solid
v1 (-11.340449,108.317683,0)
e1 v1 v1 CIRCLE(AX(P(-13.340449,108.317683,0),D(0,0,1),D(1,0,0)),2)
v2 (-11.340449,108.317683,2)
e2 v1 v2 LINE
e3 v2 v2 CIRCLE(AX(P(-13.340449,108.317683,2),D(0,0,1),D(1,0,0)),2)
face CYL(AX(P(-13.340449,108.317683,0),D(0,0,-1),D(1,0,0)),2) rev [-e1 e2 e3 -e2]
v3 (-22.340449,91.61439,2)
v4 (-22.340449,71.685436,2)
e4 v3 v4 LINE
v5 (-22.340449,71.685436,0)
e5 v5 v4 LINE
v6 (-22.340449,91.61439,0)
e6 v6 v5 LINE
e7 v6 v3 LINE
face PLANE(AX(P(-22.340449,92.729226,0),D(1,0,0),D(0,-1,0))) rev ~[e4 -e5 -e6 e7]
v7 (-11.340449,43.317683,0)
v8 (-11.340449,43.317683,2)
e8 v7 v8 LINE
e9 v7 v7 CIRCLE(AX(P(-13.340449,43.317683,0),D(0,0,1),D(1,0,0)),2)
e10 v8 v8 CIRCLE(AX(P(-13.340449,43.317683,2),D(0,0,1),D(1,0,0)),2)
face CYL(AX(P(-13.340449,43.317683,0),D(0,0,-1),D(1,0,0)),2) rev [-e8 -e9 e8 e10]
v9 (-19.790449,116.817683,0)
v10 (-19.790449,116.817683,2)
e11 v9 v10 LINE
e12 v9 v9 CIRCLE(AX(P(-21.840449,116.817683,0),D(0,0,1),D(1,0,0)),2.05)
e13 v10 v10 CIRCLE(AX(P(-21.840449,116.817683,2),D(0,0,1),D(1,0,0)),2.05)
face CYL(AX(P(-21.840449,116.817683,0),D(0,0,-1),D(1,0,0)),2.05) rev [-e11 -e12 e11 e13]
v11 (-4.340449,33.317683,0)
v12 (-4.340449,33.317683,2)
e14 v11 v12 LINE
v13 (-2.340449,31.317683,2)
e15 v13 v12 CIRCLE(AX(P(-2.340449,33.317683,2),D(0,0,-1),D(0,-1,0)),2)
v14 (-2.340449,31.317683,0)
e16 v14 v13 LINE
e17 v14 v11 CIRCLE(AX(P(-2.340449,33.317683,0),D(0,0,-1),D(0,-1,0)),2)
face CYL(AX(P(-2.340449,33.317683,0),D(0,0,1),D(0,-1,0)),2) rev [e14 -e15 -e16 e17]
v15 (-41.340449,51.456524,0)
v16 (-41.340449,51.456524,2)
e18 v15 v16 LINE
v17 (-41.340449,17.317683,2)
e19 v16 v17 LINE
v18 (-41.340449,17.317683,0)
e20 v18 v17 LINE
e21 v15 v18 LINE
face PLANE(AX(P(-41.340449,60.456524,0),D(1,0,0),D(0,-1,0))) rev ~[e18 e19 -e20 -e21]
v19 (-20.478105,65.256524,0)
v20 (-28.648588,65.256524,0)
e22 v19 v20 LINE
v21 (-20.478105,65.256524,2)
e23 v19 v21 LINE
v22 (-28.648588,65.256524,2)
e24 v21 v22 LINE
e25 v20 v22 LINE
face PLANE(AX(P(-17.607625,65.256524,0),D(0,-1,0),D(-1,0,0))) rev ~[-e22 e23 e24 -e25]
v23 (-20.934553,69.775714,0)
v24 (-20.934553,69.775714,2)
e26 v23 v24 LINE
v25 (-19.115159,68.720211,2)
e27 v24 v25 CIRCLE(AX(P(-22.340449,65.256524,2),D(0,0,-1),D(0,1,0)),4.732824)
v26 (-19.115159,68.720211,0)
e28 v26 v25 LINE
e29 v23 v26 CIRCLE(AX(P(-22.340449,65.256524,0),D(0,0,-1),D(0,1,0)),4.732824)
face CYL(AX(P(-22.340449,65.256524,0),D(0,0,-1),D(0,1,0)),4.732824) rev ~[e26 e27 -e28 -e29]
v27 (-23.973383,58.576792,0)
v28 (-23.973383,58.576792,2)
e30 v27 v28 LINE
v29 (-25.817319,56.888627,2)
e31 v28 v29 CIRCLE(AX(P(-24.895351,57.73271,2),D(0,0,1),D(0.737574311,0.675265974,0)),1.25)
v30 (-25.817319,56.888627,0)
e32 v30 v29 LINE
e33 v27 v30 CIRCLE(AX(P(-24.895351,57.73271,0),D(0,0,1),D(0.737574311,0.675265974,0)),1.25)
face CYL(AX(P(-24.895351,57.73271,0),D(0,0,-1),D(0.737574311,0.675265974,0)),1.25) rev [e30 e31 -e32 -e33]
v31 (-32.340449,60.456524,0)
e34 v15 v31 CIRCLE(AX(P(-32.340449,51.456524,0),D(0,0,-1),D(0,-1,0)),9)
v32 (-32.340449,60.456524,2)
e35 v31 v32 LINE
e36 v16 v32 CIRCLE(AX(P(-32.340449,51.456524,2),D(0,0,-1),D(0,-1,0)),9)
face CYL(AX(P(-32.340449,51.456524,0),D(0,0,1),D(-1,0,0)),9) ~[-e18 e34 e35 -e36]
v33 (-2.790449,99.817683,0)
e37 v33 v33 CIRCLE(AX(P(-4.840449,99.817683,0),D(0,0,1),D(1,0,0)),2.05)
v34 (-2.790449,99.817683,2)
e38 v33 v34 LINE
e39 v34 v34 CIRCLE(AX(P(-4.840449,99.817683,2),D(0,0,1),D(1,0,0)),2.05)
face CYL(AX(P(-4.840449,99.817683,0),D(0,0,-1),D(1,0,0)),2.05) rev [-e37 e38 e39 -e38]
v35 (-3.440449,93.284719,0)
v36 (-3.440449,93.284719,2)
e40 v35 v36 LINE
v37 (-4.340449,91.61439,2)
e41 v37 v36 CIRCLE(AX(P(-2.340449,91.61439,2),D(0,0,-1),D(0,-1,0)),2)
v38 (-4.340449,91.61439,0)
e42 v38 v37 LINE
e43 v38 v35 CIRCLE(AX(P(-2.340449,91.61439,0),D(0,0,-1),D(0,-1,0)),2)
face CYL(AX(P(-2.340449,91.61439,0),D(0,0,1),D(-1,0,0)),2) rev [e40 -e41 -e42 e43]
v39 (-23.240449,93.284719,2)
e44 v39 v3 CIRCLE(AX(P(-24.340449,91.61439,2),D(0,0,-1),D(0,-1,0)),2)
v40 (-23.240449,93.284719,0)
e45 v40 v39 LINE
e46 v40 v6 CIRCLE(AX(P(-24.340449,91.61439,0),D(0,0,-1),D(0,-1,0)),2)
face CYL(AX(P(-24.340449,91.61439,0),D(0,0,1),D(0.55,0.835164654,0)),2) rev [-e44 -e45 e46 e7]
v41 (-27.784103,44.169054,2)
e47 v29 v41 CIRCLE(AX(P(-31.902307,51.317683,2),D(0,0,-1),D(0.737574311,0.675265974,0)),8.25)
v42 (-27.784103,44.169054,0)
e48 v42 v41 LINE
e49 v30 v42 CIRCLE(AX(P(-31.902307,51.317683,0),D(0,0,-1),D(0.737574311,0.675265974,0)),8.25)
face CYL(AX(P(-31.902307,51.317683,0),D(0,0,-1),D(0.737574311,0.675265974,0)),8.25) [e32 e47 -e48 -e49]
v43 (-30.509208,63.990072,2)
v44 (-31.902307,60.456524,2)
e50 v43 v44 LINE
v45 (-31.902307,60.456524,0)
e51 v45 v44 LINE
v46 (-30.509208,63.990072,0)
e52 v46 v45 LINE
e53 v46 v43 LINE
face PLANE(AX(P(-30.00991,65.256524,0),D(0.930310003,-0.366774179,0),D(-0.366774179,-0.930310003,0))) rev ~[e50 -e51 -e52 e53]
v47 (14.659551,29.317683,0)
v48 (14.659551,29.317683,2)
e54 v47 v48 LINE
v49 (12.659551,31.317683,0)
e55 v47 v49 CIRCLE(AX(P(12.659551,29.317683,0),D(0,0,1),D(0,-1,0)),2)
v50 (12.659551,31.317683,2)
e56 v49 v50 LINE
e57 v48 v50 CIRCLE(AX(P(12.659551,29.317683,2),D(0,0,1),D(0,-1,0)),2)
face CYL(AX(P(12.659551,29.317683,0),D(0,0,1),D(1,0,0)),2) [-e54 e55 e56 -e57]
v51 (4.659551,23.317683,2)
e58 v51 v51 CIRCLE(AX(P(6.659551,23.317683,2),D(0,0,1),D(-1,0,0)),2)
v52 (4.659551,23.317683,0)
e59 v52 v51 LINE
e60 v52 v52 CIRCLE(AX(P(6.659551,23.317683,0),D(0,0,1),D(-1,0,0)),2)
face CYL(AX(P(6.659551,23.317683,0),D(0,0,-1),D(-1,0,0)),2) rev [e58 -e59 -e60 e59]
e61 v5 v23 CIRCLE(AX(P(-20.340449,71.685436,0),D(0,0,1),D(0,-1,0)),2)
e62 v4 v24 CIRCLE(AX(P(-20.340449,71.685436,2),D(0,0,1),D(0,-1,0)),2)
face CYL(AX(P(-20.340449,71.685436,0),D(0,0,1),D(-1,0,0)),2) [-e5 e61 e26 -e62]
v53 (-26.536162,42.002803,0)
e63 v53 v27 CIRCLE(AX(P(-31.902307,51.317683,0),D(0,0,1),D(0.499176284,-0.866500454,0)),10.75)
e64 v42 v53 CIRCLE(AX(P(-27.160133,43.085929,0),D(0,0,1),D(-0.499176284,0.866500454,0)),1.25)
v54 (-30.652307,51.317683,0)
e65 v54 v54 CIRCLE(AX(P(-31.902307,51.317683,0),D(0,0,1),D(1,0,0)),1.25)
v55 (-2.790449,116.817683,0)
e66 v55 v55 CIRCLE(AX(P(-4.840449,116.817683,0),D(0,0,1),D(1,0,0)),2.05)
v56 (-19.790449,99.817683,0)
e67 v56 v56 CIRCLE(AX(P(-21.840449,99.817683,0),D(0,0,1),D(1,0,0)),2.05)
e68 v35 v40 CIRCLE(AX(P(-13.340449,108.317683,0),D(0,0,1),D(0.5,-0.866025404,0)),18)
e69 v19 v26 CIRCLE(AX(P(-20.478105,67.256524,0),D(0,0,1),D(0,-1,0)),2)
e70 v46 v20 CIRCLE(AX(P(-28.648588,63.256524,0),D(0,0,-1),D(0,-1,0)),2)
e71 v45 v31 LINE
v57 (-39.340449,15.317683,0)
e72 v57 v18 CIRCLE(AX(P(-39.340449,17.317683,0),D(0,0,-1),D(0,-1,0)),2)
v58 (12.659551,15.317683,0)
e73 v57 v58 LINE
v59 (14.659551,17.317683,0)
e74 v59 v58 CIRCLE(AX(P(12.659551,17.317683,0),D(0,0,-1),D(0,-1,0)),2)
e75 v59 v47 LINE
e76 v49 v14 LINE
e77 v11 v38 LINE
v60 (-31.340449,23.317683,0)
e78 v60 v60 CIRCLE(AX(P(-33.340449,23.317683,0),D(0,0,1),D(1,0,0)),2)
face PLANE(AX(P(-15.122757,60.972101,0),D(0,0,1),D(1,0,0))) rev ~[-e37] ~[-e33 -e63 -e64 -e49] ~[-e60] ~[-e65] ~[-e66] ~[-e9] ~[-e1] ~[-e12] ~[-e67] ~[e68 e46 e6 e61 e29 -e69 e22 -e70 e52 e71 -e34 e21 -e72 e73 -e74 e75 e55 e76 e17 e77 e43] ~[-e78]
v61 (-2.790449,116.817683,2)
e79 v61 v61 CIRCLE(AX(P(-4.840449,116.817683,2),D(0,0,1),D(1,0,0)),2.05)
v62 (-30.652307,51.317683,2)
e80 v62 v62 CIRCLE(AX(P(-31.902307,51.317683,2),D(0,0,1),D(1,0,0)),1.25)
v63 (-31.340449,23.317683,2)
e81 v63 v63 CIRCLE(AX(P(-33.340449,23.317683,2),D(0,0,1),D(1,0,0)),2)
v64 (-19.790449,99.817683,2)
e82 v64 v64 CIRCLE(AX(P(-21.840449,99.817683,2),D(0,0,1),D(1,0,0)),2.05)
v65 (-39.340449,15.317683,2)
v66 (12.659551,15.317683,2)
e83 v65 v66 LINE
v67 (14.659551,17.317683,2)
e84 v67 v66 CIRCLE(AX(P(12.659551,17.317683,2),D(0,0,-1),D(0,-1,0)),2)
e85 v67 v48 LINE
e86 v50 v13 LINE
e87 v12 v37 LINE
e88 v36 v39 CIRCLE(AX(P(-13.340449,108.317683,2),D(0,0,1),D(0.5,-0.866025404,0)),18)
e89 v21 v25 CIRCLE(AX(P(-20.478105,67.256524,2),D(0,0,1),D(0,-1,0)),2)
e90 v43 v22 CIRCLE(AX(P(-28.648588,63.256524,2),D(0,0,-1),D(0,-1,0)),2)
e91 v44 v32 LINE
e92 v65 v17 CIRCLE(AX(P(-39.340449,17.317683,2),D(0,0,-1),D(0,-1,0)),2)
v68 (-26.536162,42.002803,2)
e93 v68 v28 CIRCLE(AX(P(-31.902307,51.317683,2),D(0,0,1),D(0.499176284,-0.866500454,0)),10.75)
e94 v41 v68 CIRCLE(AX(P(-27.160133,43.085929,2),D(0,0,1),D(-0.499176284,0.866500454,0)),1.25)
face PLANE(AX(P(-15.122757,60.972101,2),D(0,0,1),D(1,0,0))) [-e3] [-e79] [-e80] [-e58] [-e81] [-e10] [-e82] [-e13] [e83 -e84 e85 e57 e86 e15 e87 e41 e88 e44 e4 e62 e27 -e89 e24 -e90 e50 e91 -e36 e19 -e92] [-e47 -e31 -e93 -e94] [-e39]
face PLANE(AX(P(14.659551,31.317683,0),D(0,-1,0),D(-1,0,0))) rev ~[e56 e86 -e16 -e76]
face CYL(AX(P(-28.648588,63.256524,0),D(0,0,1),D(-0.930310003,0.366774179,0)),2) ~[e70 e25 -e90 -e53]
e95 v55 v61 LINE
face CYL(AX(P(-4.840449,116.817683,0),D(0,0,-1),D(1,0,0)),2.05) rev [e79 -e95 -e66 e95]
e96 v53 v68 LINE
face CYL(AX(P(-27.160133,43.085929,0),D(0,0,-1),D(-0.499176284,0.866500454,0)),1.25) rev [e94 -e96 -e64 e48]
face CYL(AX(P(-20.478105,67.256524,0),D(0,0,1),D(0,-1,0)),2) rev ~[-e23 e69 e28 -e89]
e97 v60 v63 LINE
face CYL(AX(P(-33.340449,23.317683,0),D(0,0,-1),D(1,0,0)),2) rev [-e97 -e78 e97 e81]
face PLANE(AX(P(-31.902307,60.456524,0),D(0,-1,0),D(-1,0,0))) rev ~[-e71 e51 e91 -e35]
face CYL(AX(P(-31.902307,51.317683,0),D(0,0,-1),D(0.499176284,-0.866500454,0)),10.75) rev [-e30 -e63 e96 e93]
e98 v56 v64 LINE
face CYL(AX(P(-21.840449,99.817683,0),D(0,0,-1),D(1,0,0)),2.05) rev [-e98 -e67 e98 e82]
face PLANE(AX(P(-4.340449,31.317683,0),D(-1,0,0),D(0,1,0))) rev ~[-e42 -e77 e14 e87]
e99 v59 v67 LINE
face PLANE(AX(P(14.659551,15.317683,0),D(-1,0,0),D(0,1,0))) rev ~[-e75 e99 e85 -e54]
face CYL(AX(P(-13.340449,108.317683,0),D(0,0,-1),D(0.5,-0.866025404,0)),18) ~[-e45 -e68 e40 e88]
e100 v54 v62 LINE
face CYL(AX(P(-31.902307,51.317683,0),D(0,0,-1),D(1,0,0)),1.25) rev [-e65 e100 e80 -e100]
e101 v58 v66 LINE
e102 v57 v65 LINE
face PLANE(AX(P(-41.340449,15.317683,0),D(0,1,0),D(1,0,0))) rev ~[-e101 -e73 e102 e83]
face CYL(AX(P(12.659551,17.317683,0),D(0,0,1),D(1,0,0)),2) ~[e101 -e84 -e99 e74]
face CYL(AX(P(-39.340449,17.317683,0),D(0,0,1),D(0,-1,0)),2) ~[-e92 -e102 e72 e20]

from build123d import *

# Parameters (mm, degrees)
SKETCH_1_R      = 2
SKETCH_1_R_2    = 2.05
SKETCH_1_R_3    = 1.25
EXTRUDE_1_DEPTH = 2
FILLET_1_R      = 2
FILLET_3_R      = 9


with BuildPart() as part:
    # 草图1 → 凸台-拉伸1 (new body)
    with BuildSketch(Plane.XY):
        with BuildLine():
            Line((14.659550972, 15.317683161), (14.659550972, 31.317683161))
            Line((14.659550972, 31.317683161), (-4.340449028, 31.317683161))
            Line((-4.340449028, 31.317683161), (-4.340449028, 92.729225893))
            ThreePointArc((-4.340449028, 92.729225893), (-13.340449028, 126.317683161), (-22.340449028, 92.729225893))
            Line((-22.340449028, 92.729225893), (-22.340449028, 69.989347616))
            ThreePointArc((-22.340449028, 69.989347616), (-18.993837092, 68.603135564), (-17.60762504, 65.256523627))
            Line((-17.60762504, 65.256523627), (-30.009910092, 65.256523627))
            Line((-30.009910092, 65.256523627), (-31.902307309, 60.456523627))
            Line((-31.902307309, 60.456523627), (-41.340449028, 60.456523627))
            Line((-41.340449028, 60.456523627), (-41.340449028, 31.317683161))
            Line((-41.340449028, 31.317683161), (-41.340449028, 15.317683161))
            Line((-41.340449028, 15.317683161), (14.659550972, 15.317683161))
        make_face()
        with Locations((-33.340449028, 23.317683161)):
            Circle(SKETCH_1_R, mode=Mode.SUBTRACT)
        with Locations(Location((6.659550972, 23.317683161, 0), (0, 0, 180))):
            Circle(SKETCH_1_R, mode=Mode.SUBTRACT)
        with Locations((-13.340449028, 108.317683161)):
            Circle(SKETCH_1_R, mode=Mode.SUBTRACT)
        with Locations((-13.340449028, 43.317683161)):
            Circle(SKETCH_1_R, mode=Mode.SUBTRACT)
        with Locations((-4.840449028, 116.817683161)):
            Circle(SKETCH_1_R_2, mode=Mode.SUBTRACT)
        with Locations((-31.902307309, 51.317683161)):
            Circle(SKETCH_1_R_3, mode=Mode.SUBTRACT)
        with Locations((-4.840449028, 99.817683161)):
            Circle(SKETCH_1_R_2, mode=Mode.SUBTRACT)
        with Locations((-21.840449028, 99.817683161)):
            Circle(SKETCH_1_R_2, mode=Mode.SUBTRACT)
        with Locations((-21.840449028, 116.817683161)):
            Circle(SKETCH_1_R_2, mode=Mode.SUBTRACT)
        with BuildLine():
            ThreePointArc((-26.536162252, 42.002803279), (-21.278560655, 49.674969847), (-23.973383464, 58.576792381))
            ThreePointArc((-23.973383464, 58.576792381), (-25.73943382, 58.654677802), (-25.817319241, 56.888627446))
            ThreePointArc((-25.817319241, 56.888627446), (-23.749199411, 50.056996199), (-27.784102963, 44.169054414))
            ThreePointArc((-27.784102963, 44.169054414), (-28.243258175, 42.461958491), (-26.536162252, 42.002803279))
        make_face(mode=Mode.SUBTRACT)
    extrude(amount=EXTRUDE_1_DEPTH)

    # 圆角1
    fillet_1_edges = [part.edges().sort_by_distance(p)[0] for p in [
        (-41.340449028, 15.317683161, 1),
        (-30.009910092, 65.256523627, 1),
        (-17.60762504, 65.256523627, 1),
        (-22.340449028, 69.989347616, 1),
        (-22.340449028, 92.729225893, 1),
        (-4.340449028, 92.729225893, 1),
        (-4.340449028, 31.317683161, 1),
        (14.659550972, 31.317683161, 1),
        (14.659550972, 15.317683161, 1),
    ]]
    fillet(fillet_1_edges, radius=FILLET_1_R)

    # 圆角3
    fillet_3_edges = [part.edges().sort_by_distance(p)[0] for p in [
        (-41.340449028, 60.456523627, 1),
    ]]
    fillet(fillet_3_edges, radius=FILLET_3_R)


solid = part.part
